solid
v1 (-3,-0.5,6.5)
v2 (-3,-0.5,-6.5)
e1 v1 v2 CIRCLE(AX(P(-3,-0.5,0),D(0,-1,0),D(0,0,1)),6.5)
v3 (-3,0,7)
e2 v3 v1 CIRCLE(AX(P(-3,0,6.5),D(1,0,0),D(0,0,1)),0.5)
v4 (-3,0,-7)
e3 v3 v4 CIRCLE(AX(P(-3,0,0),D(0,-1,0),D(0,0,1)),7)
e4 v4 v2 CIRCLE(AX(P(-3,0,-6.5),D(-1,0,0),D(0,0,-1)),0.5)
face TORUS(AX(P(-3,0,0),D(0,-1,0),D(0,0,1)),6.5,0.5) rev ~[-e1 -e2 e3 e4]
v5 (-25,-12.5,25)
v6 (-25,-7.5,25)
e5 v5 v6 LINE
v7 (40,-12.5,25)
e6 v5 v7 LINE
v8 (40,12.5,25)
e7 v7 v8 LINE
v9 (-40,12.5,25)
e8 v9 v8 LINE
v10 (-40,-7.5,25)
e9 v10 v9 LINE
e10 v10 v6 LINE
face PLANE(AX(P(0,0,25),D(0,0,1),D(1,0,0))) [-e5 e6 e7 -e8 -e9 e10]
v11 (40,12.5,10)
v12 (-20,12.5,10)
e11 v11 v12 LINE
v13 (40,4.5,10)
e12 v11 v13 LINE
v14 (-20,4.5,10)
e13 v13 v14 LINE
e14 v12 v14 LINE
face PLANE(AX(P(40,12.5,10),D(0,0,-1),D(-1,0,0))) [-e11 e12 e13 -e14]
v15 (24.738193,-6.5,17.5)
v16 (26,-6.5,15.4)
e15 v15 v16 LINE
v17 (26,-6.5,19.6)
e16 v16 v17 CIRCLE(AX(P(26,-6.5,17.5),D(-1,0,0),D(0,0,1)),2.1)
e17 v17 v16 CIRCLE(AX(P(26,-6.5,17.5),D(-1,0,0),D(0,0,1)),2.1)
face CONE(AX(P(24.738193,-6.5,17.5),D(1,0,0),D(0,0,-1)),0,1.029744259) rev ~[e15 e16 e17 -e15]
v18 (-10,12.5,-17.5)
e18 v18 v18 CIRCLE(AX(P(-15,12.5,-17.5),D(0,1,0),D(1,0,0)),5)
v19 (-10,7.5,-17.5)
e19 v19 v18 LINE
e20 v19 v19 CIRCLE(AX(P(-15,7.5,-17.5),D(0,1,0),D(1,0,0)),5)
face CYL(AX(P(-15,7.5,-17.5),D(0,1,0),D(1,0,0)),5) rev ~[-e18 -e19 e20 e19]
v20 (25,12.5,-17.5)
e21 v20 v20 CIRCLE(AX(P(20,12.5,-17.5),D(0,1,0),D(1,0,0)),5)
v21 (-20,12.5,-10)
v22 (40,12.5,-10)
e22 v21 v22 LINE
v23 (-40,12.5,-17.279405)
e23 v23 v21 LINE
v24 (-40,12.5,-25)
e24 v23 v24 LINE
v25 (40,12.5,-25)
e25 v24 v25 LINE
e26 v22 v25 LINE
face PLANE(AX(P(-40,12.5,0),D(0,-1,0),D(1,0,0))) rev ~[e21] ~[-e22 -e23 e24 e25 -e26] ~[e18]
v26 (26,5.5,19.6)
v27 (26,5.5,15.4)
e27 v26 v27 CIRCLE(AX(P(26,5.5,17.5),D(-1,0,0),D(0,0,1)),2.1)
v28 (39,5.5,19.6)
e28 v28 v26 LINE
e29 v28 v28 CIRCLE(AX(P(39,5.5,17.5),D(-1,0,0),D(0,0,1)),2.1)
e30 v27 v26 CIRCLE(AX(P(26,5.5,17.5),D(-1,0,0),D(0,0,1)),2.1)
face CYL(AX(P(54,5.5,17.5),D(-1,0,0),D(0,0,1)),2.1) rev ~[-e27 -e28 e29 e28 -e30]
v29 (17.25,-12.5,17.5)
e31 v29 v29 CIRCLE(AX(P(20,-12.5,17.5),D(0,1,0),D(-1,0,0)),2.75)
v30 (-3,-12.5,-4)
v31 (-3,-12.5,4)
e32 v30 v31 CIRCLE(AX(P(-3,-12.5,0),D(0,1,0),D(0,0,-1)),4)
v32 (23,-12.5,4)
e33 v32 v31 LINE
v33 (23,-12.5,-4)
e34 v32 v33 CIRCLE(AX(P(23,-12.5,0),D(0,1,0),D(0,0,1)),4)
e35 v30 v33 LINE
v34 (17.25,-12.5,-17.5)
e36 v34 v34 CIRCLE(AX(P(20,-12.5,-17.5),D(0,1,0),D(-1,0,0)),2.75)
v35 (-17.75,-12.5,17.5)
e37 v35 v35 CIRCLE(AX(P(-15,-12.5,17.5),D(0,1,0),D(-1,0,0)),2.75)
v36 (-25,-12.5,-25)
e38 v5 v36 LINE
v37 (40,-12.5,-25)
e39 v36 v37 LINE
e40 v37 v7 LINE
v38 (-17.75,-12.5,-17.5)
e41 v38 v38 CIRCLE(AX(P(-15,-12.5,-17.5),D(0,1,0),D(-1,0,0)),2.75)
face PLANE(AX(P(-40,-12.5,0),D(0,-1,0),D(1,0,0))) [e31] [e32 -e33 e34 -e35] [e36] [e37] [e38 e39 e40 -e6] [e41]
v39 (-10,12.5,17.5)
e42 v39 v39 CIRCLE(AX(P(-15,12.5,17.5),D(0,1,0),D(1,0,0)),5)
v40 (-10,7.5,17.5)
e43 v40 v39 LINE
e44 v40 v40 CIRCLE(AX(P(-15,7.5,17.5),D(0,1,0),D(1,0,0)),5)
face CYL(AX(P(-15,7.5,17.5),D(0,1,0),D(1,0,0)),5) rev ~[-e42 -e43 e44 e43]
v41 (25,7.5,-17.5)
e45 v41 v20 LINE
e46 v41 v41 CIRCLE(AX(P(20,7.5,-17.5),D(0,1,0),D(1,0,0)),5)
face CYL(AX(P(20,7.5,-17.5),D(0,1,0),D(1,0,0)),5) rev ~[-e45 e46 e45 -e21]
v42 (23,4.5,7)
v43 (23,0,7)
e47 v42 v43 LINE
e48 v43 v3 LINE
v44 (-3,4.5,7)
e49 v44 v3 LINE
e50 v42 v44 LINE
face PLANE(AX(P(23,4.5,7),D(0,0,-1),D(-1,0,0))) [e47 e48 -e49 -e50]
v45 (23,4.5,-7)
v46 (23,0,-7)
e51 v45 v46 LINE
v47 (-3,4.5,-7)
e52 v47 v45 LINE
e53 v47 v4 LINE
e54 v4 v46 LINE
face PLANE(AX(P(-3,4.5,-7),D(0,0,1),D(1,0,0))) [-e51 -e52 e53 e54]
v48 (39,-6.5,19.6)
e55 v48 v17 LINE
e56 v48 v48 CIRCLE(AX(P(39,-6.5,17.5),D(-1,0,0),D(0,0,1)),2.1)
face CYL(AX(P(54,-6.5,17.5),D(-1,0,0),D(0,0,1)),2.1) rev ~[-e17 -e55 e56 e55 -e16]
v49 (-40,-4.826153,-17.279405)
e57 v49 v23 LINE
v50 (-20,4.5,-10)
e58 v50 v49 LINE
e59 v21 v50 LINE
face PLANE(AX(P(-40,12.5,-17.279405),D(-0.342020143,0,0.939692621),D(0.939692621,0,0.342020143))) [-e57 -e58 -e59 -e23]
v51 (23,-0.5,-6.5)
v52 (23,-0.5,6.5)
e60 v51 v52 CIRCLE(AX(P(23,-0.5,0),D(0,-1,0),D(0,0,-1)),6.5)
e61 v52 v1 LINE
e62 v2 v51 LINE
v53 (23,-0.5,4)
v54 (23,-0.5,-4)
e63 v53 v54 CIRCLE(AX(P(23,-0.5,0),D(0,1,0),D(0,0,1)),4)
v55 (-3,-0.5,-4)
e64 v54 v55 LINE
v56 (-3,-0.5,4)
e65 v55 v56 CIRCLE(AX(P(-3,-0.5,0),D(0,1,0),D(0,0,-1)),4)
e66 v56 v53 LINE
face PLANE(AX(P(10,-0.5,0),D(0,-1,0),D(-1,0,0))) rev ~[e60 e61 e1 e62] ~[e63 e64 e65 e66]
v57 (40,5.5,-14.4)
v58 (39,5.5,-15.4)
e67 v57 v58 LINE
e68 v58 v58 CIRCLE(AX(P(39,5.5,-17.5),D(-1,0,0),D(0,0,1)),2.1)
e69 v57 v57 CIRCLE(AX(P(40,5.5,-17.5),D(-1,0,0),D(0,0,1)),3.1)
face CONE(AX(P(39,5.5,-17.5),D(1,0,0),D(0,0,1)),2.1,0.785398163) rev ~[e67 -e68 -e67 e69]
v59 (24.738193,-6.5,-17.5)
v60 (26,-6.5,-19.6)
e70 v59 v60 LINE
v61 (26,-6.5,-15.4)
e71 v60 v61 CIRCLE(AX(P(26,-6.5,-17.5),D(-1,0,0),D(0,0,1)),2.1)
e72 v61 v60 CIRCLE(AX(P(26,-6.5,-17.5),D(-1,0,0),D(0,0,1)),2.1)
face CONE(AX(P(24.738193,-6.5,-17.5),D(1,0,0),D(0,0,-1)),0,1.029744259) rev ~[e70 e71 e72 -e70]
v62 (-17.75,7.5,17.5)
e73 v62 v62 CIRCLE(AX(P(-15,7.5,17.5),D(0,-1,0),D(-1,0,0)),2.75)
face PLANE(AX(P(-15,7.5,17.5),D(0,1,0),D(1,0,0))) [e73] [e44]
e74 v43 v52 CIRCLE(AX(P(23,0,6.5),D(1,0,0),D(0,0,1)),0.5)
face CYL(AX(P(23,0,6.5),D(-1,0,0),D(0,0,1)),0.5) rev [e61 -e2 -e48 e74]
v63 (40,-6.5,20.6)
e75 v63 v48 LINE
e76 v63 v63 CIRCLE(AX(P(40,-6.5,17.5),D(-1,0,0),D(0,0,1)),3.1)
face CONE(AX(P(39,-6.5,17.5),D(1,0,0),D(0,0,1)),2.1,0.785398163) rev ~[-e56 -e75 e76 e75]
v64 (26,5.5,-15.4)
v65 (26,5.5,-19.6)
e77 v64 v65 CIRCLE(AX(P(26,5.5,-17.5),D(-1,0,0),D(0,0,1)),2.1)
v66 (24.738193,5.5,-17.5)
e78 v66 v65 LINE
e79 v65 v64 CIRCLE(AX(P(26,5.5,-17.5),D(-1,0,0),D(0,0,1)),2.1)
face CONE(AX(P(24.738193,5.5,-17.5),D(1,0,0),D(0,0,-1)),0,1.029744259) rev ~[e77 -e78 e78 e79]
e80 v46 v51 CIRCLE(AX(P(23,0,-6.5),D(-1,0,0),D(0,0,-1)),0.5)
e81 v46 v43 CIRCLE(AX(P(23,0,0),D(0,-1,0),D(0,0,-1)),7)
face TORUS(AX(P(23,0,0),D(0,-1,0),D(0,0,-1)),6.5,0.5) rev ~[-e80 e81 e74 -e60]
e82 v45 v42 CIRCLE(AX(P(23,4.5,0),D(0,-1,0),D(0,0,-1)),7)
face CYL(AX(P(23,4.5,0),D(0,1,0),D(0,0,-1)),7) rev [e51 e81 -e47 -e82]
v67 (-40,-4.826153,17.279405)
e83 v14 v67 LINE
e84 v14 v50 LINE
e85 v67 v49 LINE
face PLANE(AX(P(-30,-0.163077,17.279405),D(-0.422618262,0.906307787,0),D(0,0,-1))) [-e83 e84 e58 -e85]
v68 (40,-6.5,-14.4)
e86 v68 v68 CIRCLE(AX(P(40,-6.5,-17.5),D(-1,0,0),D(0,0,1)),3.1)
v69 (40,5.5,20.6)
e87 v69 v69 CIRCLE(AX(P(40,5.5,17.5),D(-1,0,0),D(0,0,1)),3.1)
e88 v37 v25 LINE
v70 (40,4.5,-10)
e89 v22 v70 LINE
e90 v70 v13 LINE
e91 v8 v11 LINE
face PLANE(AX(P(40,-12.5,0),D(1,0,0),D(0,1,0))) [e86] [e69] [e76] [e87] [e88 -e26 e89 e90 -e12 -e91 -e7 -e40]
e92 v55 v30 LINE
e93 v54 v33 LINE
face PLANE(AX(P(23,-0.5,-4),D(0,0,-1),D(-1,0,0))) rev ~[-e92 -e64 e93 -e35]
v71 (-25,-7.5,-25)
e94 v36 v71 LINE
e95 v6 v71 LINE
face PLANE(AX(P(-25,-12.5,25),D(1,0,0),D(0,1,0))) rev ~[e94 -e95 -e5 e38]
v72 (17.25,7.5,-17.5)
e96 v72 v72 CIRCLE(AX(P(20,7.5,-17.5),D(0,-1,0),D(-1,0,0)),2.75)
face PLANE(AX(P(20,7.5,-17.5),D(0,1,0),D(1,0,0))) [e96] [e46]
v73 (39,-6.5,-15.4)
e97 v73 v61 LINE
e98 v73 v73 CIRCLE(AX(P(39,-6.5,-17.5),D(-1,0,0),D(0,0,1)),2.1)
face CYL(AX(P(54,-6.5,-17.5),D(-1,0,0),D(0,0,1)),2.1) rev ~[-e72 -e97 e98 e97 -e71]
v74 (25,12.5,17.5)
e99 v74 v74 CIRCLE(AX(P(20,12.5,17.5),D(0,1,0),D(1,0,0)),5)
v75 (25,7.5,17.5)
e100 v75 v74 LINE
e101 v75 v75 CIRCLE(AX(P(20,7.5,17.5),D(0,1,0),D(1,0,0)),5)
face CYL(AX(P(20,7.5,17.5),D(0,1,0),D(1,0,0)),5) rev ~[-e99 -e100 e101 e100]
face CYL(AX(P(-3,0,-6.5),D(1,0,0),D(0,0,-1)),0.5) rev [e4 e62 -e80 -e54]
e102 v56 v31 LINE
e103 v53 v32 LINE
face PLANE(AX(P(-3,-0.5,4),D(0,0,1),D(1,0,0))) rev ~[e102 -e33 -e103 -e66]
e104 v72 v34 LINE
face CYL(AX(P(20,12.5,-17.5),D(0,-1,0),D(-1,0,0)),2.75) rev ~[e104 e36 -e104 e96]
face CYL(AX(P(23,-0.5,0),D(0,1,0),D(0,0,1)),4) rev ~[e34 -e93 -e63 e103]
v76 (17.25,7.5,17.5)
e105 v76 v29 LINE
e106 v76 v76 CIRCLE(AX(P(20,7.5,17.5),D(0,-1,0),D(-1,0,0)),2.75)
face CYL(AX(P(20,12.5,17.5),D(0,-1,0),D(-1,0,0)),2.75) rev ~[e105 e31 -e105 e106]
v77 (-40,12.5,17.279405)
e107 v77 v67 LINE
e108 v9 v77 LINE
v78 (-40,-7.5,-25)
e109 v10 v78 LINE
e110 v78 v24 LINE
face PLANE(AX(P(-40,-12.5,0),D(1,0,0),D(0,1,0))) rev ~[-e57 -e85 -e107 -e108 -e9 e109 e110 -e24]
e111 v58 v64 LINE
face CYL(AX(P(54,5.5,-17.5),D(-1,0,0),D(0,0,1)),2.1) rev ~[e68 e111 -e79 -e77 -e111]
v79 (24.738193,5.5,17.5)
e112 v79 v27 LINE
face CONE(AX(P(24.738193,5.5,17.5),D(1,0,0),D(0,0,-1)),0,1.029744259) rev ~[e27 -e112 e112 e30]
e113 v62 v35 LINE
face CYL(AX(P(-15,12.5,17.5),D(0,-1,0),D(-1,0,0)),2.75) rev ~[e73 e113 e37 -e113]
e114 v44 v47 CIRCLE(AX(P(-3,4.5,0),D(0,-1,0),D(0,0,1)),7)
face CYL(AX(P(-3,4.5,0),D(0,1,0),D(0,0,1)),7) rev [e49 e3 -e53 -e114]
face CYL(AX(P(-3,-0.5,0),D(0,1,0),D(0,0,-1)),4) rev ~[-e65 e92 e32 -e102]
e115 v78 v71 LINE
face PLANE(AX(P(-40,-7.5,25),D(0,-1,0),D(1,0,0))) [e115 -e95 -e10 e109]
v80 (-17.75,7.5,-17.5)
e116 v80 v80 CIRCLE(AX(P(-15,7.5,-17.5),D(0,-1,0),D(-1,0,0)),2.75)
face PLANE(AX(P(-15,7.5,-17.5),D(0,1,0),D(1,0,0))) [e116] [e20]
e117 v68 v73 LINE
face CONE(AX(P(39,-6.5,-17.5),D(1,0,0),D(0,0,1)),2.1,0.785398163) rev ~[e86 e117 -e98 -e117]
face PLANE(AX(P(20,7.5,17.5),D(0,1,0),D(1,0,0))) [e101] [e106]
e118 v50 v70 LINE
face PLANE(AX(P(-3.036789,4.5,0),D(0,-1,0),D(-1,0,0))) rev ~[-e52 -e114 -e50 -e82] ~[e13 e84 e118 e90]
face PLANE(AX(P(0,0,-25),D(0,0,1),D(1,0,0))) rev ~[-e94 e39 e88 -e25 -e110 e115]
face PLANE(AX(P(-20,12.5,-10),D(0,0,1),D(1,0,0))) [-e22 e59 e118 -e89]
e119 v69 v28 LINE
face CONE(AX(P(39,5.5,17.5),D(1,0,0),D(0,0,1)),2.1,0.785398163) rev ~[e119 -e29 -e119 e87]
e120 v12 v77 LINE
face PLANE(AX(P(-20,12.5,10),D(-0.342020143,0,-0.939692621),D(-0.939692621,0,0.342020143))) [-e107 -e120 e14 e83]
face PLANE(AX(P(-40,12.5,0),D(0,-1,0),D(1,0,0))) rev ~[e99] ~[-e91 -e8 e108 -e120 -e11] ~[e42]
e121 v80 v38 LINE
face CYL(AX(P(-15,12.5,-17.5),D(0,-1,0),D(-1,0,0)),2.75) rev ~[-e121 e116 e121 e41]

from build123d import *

# Parameters (mm, degrees)
SKICA1_W                 = 80
SKICA1_H                 = 25
P_IDAT_VYSUNUT_M1_DEPTH  = 25
SKICA2_W                 = 15
SKICA2_H                 = 5
ODEBRAT_VYSUNUT_M1_DEPTH = 51
ODEBRAT_VYSUNUT_M2_DEPTH = 8
ZKOSEN_1_SIZE            = 20
ZKOSEN_1_SIZE2           = 9.326153163
ODEBRAT_VYSUNUT_M3_DEPTH = 5
ODEBRAT_VYSUNUT_M4_DEPTH = 13
D_RA1_D                  = 5.5
D_RA1_DEPTH              = 25
D_RA1_CBORE_D            = 10
D_RA1_CBORE_DEPTH        = 5
D_RA1_TIP                = 1.652366702
M5_Z_VIT1_D              = 4.2
M5_Z_VIT1_DEPTH          = 14
M5_Z_VIT1_TIP            = 1.2618073
ZKOSEN_2_SIZE            = 1
ZAOBLIT1_R               = 0.5


with BuildPart() as part:
    # Skica1 → Přidat vysunutím1 (new body, symmetric)
    with BuildSketch(Plane.XY):
        Rectangle(SKICA1_W, SKICA1_H)
    extrude(amount=P_IDAT_VYSUNUT_M1_DEPTH, both=True)

    # Skica2 → Odebrat vysunutím1 (cut, through all)
    with BuildSketch(Plane.XY.offset(25)):
        with Locations((-32.5, -10)):
            Rectangle(SKICA2_W, SKICA2_H)
    extrude(amount=-ODEBRAT_VYSUNUT_M1_DEPTH, mode=Mode.SUBTRACT)

    # Skica3 → Odebrat vysunutím2 (cut)
    with BuildSketch(Plane(origin=(0, 12.5, 0), x_dir=(1, 0, 0), z_dir=(0, 1, 0))):
        Polygon((-40, 17.279404685), (-20, 10), (40, 10), (40, -10), (-20, -10), (-40, -17.279404685), align=None)
    extrude(amount=-ODEBRAT_VYSUNUT_M2_DEPTH, mode=Mode.SUBTRACT)

    # Zkosení1
    zkosen_1_edges = [part.edges().sort_by_distance(p)[0] for p in [
        (-40, 4.5, 0),
    ]]
    zkosen_1_side = [part.faces().sort_by_distance(p)[0] for p in [
        (-2.780115466, 4.5, 0),
    ]]
    chamfer(zkosen_1_edges, length=ZKOSEN_1_SIZE, length2=ZKOSEN_1_SIZE2, reference=zkosen_1_side[0])

    # Skica4 → Odebrat vysunutím3 (cut)
    with BuildSketch(Plane(origin=(0, 4.5, 0), x_dir=(1, 0, 0), z_dir=(0, 1, 0))):
        with BuildLine():
            Line((-3, 7), (23, 7))
            ThreePointArc((23, 7), (30, 0), (23, -7))
            Line((23, -7), (-3, -7))
            ThreePointArc((-3, -7), (-10, 0), (-3, 7))
        make_face()
    extrude(amount=-ODEBRAT_VYSUNUT_M3_DEPTH, mode=Mode.SUBTRACT)

    # Skica5 → Odebrat vysunutím4 (cut, through all)
    with BuildSketch(Plane(origin=(0, -0.5, 0), x_dir=(1, 0, 0), z_dir=(0, 1, 0))):
        with BuildLine():
            Line((-3, -4), (23, -4))
            ThreePointArc((23, -4), (27, 0), (23, 4))
            Line((23, 4), (-3, 4))
            ThreePointArc((-3, 4), (-7, 0), (-3, -4))
        make_face()
    extrude(amount=-ODEBRAT_VYSUNUT_M4_DEPTH, mode=Mode.SUBTRACT)

    # Díra1
    with Locations(Plane(origin=(0, 12.5, 0), x_dir=(1, 0, 0), z_dir=(0, 1, 0))):
        with Locations((-15, 17.5), (20, 17.5), (20, -17.5), (-15, -17.5)):
            CounterBoreHole(D_RA1_D / 2, D_RA1_CBORE_D / 2, D_RA1_CBORE_DEPTH, depth=D_RA1_DEPTH)
            with Locations((0, 0, -(D_RA1_DEPTH + D_RA1_TIP / 2))):  # 118° drill point
                Cone(0, D_RA1_D / 2, D_RA1_TIP, mode=Mode.SUBTRACT)

    # M5 závit1
    with Locations(Plane(origin=(40, 0, 0), x_dir=(0, 0, -1), z_dir=(1, 0, 0))):
        with Locations((-17.5, 5.5), (-17.5, -6.5), (17.5, 5.5), (17.5, -6.5)):
            Hole(M5_Z_VIT1_D / 2, depth=M5_Z_VIT1_DEPTH)
            with Locations((0, 0, -(M5_Z_VIT1_DEPTH + M5_Z_VIT1_TIP / 2))):  # 118° drill point
                Cone(0, M5_Z_VIT1_D / 2, M5_Z_VIT1_TIP, mode=Mode.SUBTRACT)

    # Zkosení2
    zkosen_2_edges = [part.edges().sort_by_distance(p)[0] for p in [
        (40, -6.5, -19.6),
        (40, 5.5, -19.6),
        (40, -6.5, 15.4),
        (40, 5.5, 15.4),
    ]]
    chamfer(zkosen_2_edges, length=ZKOSEN_2_SIZE)

    # Zaoblit1
    zaoblit1_edges = [part.edges().sort_by_distance(p)[0] for p in [
        (-10, -0.5, 0),
        (10, -0.5, -7),
        (30, -0.5, 0),
        (10, -0.5, 7),
    ]]
    fillet(zaoblit1_edges, radius=ZAOBLIT1_R)


solid = part.part
